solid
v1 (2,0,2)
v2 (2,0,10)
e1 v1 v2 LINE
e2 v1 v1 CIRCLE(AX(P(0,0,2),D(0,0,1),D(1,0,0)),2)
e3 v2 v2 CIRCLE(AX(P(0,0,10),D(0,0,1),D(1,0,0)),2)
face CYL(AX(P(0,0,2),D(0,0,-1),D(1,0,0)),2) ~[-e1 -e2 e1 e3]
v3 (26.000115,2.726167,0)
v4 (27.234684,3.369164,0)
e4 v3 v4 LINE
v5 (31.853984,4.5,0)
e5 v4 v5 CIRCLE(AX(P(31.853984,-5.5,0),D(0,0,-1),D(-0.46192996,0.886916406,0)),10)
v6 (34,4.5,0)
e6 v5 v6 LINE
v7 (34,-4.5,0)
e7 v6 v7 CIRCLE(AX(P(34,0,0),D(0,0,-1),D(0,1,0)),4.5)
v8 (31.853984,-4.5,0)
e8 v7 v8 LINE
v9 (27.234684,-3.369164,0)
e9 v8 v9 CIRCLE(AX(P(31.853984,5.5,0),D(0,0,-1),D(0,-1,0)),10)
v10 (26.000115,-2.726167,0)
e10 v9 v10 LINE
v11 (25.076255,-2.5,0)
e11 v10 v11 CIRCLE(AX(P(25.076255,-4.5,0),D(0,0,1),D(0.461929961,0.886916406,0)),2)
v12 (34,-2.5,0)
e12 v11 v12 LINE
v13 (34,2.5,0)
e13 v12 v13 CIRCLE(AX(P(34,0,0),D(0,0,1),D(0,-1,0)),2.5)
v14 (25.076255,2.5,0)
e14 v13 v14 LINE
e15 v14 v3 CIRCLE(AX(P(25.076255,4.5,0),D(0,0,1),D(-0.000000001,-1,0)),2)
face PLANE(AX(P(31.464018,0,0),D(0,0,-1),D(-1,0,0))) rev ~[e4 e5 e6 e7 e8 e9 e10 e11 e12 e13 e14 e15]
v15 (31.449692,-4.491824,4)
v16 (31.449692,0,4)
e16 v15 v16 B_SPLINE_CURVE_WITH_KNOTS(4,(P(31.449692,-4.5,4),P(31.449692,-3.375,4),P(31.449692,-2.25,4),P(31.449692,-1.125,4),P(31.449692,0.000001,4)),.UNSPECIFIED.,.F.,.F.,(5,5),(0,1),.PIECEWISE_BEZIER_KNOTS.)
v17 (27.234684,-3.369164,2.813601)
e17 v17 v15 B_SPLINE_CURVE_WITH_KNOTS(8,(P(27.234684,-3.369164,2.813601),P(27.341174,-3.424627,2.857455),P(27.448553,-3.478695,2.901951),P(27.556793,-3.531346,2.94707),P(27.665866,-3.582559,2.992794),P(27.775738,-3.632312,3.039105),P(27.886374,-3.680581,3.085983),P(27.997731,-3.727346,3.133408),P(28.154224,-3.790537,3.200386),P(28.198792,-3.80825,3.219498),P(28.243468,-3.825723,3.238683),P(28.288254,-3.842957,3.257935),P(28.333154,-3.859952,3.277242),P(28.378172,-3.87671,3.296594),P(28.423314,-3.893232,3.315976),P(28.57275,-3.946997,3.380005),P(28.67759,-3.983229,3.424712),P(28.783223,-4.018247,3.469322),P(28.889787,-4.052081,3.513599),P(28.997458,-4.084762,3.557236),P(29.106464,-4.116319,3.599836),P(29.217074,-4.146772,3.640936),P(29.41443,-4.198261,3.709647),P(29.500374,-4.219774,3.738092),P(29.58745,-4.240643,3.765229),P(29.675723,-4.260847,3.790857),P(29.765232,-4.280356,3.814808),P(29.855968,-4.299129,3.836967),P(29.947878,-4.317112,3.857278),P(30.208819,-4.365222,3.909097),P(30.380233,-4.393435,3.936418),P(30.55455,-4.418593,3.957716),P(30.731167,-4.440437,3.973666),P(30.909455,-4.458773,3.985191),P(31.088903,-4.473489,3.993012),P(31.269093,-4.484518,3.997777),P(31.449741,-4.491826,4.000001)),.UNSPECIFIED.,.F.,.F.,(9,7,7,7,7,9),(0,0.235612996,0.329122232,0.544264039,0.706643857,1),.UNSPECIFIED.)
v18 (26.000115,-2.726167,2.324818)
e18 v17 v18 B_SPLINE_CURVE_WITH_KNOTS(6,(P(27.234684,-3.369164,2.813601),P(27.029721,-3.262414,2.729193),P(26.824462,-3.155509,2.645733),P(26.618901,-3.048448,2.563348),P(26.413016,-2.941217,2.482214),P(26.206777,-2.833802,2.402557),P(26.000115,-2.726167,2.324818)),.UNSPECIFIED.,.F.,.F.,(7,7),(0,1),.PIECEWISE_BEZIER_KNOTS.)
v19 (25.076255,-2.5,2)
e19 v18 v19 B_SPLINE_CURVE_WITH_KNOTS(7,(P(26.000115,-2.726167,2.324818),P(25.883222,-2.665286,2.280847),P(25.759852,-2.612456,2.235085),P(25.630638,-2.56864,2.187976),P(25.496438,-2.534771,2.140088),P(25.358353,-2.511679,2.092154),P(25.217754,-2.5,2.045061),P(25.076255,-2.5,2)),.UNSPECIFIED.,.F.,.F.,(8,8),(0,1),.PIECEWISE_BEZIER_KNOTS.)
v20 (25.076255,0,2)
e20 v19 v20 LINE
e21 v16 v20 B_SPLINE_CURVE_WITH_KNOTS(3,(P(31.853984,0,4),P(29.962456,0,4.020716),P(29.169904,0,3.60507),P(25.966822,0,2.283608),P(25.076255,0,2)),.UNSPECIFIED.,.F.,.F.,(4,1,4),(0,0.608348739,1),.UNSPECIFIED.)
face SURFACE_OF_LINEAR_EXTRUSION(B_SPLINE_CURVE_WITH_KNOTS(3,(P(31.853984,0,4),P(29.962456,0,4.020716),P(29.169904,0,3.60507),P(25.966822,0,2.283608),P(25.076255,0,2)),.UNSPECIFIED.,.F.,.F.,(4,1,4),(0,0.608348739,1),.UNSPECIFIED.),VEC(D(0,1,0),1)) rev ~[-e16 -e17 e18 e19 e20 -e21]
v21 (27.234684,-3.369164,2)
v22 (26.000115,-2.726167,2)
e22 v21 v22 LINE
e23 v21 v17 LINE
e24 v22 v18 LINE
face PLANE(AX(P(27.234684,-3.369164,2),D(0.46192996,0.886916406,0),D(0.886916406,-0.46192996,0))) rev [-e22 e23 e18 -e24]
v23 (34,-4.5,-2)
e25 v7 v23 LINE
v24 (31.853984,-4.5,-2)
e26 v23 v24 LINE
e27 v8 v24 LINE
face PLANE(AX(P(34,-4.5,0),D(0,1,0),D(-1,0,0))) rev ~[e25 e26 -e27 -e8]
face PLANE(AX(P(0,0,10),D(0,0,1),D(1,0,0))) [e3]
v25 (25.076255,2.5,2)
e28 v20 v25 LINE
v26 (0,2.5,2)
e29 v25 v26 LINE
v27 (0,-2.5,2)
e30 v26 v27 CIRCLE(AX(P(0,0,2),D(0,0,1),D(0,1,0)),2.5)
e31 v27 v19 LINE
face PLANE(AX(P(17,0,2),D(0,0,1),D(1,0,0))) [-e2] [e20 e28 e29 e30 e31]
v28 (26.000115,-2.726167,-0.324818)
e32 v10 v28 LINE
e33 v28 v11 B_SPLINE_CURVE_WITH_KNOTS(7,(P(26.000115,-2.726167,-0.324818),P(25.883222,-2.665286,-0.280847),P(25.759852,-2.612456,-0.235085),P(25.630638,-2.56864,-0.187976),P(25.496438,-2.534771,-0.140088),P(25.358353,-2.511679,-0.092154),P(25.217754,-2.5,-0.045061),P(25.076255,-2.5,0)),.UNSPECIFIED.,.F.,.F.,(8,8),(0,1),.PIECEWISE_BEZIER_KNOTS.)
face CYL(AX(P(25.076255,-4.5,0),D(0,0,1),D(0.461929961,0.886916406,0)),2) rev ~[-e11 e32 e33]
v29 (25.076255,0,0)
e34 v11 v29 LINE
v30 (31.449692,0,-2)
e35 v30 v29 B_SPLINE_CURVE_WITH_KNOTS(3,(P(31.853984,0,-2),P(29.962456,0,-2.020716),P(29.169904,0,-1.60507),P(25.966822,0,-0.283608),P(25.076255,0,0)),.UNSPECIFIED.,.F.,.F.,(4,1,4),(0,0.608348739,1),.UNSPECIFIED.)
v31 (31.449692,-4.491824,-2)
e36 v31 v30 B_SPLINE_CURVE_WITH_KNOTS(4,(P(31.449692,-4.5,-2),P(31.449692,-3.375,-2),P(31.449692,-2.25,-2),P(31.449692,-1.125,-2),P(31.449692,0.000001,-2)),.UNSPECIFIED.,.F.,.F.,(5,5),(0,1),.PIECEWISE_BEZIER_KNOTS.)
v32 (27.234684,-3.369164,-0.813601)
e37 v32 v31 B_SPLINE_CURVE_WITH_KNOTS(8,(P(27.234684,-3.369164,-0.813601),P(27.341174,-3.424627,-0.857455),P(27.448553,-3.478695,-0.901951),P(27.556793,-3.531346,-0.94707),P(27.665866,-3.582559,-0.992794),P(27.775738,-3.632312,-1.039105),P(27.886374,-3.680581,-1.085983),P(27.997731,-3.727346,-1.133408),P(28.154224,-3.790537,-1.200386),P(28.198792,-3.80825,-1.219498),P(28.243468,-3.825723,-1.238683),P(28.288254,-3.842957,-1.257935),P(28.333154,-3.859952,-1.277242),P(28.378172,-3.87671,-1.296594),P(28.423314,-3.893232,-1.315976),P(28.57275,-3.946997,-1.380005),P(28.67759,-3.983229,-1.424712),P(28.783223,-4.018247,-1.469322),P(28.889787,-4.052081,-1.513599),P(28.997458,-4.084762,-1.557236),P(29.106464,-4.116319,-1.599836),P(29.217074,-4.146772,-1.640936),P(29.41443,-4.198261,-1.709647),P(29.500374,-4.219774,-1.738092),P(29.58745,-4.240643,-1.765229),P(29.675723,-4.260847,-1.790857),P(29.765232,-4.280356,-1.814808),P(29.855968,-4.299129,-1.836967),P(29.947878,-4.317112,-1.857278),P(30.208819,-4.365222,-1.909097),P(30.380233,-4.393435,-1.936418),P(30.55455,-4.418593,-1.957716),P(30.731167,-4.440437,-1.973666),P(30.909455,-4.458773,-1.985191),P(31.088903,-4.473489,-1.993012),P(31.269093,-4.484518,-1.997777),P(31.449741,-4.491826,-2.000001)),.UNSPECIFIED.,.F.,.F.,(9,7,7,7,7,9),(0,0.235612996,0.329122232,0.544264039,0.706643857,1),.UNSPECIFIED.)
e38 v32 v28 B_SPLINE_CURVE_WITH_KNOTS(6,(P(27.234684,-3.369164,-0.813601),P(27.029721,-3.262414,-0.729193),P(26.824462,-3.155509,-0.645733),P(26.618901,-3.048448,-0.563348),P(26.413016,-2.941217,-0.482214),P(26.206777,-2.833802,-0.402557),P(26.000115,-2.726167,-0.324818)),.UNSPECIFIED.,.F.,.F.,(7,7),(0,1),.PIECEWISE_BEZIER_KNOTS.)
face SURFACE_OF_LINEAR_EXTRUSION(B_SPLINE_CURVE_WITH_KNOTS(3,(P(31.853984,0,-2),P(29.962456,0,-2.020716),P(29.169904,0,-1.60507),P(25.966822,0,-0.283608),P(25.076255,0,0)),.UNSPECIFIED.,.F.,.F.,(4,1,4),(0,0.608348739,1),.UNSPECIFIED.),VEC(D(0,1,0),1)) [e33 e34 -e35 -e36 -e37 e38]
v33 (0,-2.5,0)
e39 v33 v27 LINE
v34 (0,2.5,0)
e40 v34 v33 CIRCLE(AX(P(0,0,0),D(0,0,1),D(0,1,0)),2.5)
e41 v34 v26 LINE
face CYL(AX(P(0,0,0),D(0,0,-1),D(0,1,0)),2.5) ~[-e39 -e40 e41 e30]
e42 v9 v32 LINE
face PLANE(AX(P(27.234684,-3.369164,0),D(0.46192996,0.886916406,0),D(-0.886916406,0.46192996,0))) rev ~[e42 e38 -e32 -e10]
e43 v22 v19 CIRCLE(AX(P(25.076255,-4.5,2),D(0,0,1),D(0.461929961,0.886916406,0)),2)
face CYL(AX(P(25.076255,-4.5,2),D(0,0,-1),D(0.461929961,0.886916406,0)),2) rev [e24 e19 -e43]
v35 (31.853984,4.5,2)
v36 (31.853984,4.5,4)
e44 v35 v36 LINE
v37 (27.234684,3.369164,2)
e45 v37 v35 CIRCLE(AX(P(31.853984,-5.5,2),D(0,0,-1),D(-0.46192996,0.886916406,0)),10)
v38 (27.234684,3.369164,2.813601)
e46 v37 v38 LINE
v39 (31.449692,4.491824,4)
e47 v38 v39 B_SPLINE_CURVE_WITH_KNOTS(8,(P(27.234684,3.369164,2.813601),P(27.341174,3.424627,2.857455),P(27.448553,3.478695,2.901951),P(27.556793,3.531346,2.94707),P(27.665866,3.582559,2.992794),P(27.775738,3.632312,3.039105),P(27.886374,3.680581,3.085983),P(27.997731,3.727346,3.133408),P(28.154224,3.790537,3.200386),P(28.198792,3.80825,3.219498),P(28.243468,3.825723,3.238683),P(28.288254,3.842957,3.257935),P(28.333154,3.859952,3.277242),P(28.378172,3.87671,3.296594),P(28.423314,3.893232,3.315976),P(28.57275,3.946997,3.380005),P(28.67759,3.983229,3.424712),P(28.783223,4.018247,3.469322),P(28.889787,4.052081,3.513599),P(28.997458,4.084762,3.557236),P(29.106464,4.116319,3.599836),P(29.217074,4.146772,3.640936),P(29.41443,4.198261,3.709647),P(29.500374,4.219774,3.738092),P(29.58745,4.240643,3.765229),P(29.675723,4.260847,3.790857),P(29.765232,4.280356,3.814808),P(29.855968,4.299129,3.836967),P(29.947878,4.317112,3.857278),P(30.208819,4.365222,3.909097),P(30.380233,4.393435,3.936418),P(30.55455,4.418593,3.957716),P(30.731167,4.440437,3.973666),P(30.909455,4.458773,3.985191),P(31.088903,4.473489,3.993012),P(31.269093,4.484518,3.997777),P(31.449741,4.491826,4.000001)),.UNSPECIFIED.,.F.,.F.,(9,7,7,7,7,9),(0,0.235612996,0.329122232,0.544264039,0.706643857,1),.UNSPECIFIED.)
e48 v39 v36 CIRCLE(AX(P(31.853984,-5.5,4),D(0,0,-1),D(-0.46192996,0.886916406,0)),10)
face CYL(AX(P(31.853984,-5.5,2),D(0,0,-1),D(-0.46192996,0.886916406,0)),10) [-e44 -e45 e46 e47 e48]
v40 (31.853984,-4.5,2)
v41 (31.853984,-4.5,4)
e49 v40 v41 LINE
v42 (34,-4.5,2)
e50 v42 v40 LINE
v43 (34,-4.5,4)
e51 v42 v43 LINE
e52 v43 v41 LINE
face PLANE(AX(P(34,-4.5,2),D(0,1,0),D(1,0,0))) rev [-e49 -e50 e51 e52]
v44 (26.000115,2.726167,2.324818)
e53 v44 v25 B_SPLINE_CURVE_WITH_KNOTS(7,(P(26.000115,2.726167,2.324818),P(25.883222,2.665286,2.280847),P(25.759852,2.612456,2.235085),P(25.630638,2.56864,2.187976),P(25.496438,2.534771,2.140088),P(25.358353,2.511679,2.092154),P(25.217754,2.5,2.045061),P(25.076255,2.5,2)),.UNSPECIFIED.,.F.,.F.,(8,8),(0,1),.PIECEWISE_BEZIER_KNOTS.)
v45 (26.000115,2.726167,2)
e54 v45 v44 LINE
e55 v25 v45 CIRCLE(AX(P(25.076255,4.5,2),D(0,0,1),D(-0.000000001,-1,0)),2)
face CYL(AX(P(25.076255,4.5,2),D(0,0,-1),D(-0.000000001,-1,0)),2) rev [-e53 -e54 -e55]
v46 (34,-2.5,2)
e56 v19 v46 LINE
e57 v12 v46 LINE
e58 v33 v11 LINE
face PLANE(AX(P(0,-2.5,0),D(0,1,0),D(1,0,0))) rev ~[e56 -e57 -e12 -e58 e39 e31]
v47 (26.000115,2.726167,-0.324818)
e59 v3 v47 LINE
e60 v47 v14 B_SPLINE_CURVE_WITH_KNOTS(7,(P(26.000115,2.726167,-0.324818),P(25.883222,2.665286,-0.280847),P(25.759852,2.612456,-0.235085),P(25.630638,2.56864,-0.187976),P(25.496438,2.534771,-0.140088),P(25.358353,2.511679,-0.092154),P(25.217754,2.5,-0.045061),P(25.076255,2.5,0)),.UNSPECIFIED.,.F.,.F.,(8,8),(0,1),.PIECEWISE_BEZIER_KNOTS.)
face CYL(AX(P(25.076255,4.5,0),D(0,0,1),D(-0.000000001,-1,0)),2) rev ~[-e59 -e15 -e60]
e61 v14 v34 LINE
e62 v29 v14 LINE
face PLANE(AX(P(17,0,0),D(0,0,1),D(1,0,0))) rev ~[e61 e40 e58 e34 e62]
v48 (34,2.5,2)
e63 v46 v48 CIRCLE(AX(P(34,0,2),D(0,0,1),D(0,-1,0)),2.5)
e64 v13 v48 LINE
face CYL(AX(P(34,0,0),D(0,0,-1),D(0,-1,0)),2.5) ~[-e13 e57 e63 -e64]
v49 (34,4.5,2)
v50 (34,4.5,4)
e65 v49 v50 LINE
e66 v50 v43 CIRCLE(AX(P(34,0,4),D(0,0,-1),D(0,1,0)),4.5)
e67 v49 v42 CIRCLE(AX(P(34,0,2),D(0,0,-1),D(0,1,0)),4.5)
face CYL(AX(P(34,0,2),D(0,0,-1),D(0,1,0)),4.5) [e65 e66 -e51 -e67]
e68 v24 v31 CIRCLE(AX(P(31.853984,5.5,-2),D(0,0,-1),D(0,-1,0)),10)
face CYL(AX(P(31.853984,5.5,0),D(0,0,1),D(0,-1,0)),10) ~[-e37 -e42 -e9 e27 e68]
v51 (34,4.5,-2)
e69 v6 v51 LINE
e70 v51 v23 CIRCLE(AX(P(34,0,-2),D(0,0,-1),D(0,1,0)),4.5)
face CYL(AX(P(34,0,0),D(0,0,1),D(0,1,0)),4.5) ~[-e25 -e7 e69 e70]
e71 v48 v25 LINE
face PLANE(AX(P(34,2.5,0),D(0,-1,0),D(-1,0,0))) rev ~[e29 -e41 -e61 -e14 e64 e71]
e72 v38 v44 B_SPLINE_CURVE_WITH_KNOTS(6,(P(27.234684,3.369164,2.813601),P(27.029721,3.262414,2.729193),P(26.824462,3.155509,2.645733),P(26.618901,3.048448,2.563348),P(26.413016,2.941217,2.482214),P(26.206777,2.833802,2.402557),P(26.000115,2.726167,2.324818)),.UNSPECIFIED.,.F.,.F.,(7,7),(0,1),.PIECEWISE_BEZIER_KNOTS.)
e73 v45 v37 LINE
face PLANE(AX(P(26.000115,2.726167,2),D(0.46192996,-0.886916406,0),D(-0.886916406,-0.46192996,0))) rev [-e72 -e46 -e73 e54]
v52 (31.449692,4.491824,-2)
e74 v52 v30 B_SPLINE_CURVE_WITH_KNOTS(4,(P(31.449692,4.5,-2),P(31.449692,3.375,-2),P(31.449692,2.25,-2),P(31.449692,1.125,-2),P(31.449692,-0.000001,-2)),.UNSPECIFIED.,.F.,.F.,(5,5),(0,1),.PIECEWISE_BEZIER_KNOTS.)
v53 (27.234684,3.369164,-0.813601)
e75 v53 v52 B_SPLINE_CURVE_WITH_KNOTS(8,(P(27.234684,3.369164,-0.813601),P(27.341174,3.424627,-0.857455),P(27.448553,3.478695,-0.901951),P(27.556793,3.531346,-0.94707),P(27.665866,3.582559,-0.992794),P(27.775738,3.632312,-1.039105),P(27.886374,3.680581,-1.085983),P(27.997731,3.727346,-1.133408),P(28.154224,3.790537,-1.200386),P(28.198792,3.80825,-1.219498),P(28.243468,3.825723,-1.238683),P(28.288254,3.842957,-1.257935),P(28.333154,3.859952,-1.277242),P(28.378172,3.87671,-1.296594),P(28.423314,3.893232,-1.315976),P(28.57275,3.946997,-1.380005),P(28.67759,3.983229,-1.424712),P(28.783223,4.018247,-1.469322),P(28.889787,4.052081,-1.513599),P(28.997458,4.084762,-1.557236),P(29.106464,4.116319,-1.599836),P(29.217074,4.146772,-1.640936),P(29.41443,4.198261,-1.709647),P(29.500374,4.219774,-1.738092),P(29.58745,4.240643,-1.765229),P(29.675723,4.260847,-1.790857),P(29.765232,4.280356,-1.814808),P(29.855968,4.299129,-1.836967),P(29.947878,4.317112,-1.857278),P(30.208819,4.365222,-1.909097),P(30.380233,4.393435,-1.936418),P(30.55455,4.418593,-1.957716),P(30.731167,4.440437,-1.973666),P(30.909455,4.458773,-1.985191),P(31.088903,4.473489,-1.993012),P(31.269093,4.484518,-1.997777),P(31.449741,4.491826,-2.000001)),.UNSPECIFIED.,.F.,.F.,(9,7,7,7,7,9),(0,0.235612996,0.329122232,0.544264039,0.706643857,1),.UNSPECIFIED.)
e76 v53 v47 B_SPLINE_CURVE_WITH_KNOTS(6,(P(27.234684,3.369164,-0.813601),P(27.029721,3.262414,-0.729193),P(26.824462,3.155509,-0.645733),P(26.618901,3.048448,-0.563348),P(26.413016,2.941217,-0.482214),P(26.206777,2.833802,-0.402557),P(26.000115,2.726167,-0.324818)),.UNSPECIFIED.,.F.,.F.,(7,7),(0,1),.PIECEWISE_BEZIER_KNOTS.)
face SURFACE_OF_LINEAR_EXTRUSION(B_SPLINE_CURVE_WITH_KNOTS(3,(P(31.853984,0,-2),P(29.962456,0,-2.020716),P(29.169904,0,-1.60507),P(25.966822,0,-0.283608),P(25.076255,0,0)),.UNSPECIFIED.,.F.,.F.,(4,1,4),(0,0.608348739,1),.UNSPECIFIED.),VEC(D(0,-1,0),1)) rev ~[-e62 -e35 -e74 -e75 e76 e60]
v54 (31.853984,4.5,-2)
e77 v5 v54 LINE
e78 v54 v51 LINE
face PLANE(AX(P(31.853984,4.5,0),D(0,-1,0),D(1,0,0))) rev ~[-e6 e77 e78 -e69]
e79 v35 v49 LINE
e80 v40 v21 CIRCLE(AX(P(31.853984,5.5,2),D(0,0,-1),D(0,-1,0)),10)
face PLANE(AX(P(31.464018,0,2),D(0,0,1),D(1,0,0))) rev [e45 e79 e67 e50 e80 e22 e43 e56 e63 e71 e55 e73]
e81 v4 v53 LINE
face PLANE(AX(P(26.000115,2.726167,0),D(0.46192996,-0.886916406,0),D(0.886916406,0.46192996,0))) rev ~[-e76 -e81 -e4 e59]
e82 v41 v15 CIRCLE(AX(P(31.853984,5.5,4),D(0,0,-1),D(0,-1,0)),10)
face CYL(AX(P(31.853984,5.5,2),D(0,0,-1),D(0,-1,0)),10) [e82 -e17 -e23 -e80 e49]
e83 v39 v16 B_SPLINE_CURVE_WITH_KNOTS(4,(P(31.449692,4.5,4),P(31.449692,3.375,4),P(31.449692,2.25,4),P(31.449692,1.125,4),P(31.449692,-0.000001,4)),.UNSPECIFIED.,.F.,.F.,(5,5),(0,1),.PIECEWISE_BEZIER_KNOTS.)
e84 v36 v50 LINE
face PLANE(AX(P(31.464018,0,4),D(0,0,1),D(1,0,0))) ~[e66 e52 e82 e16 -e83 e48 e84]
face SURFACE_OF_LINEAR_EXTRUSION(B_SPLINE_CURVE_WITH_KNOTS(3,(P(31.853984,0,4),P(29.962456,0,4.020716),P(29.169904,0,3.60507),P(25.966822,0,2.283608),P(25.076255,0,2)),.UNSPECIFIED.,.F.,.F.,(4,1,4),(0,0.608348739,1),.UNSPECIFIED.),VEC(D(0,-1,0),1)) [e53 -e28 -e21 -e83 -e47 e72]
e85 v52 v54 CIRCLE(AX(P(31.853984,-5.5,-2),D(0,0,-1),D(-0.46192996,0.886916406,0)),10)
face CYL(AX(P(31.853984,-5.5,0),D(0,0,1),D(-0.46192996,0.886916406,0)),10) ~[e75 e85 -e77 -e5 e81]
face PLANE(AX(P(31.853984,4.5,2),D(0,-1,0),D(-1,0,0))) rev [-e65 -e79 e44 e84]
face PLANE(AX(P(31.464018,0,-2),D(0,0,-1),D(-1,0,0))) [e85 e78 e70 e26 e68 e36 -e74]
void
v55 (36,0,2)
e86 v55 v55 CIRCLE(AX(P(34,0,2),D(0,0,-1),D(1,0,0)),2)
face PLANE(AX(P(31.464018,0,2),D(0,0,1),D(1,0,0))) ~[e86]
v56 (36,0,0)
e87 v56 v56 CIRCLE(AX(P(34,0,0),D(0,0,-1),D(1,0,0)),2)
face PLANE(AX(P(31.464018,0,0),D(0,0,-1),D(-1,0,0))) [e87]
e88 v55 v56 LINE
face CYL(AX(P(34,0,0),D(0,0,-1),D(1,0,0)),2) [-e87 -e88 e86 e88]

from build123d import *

# Parameters (mm, degrees)
BOSS_EXTRUDE1_DEPTH = 2
SKETCH2_R           = 2
BOSS_EXTRUDE2_DEPTH = 8
SKETCH5_R           = 2
CUT_EXTRUDE2_DEPTH  = 4
BOSS_EXTRUDE3_DEPTH = 2
CUT_EXTRUDE1_DEPTH  = 5.5


with BuildPart() as part:
    # Sketch1 → Boss-Extrude1 (new body)
    with BuildSketch(Plane.XY):
        with BuildLine():
            Line((0, -2.5), (34, -2.5))
            ThreePointArc((34, -2.5), (36.5, 0), (34, 2.5))
            Line((34, 2.5), (0, 2.5))
            ThreePointArc((0, 2.5), (-2.5, 0), (0, -2.5))
        make_face()
    extrude(amount=BOSS_EXTRUDE1_DEPTH)

    # Sketch2 → Boss-Extrude2 (add)
    with BuildSketch(Plane.XY.offset(2)):
        Circle(SKETCH2_R)
    extrude(amount=BOSS_EXTRUDE2_DEPTH)

    # Sketch5 → Cut-Extrude2 (cut, symmetric)
    with BuildSketch(Plane(origin=(0, 0, 0), x_dir=(-1, 0, 0), z_dir=(0, 0, -1))):
        with Locations(Location((-34, 0, 0), (0, 0, 180))):
            Circle(SKETCH5_R)
    extrude(amount=CUT_EXTRUDE2_DEPTH, both=True, mode=Mode.SUBTRACT)

    # Sketch3 → Boss-Extrude3 (add)
    with BuildSketch(Plane(origin=(0, 0, 0), x_dir=(-1, 0, 0), z_dir=(0, 0, -1))):
        with BuildLine():
            Line((-34, -4.5), (-31.853983948, -4.5))
            ThreePointArc((-31.853983948, -4.5), (-29.476132044, -4.213177664), (-27.234684348, -3.369164065))
            Line((-27.234684348, -3.369164065), (-26.000115193, -2.726167187))
            ThreePointArc((-26.000115193, -2.726167187), (-25.551825654, -2.557364467), (-25.076255273, -2.5))
            Line((-25.076255273, -2.5), (-25.076255273, 2.5))
            ThreePointArc((-25.076255273, 2.5), (-25.551825654, 2.557364467), (-26.000115193, 2.726167187))
            Line((-26.000115193, 2.726167187), (-27.234684348, 3.369164065))
            ThreePointArc((-27.234684348, 3.369164065), (-29.476132044, 4.213177664), (-31.853983948, 4.5))
            Line((-31.853983948, 4.5), (-34, 4.5))
            ThreePointArc((-34, 4.5), (-38.5, 0), (-34, -4.5))
        make_face()
    boss_extrude3 = extrude(amount=BOSS_EXTRUDE3_DEPTH)

    # Sketch4 → Cut-Extrude1 (cut, symmetric)
    with BuildSketch(Plane(origin=(0, 0, 0), x_dir=(1, 0, 0), z_dir=(0, 1, 0))):
        with BuildLine():
            Line((31.853983948, 2), (31.853983948, 3.174344261))
            Line((31.853983948, 3.174344261), (24.383890118, 3.174344261))
            Line((24.383890118, 3.174344261), (25.076255273, 0))
            add(Edge.make_bspline(
                [(31.853983948, 2), (29.962456018, 2.02071595), (29.16990367, 1.605069608), (25.966821868, 0.283607958), (25.076255273, 0)],
                knots=[0, 0, 0, 0, 0.608348739, 1, 1, 1, 1], degree=3))
        make_face()
    cut_extrude1 = extrude(amount=CUT_EXTRUDE1_DEPTH, both=True, mode=Mode.SUBTRACT)

    # Mirror1: Boss-Extrude3, Cut-Extrude1 across plane
    add(boss_extrude3.mirror(Plane.XY.offset(1)))
    add(cut_extrude1.mirror(Plane.XY.offset(1)), mode=Mode.SUBTRACT)


solid = part.part
